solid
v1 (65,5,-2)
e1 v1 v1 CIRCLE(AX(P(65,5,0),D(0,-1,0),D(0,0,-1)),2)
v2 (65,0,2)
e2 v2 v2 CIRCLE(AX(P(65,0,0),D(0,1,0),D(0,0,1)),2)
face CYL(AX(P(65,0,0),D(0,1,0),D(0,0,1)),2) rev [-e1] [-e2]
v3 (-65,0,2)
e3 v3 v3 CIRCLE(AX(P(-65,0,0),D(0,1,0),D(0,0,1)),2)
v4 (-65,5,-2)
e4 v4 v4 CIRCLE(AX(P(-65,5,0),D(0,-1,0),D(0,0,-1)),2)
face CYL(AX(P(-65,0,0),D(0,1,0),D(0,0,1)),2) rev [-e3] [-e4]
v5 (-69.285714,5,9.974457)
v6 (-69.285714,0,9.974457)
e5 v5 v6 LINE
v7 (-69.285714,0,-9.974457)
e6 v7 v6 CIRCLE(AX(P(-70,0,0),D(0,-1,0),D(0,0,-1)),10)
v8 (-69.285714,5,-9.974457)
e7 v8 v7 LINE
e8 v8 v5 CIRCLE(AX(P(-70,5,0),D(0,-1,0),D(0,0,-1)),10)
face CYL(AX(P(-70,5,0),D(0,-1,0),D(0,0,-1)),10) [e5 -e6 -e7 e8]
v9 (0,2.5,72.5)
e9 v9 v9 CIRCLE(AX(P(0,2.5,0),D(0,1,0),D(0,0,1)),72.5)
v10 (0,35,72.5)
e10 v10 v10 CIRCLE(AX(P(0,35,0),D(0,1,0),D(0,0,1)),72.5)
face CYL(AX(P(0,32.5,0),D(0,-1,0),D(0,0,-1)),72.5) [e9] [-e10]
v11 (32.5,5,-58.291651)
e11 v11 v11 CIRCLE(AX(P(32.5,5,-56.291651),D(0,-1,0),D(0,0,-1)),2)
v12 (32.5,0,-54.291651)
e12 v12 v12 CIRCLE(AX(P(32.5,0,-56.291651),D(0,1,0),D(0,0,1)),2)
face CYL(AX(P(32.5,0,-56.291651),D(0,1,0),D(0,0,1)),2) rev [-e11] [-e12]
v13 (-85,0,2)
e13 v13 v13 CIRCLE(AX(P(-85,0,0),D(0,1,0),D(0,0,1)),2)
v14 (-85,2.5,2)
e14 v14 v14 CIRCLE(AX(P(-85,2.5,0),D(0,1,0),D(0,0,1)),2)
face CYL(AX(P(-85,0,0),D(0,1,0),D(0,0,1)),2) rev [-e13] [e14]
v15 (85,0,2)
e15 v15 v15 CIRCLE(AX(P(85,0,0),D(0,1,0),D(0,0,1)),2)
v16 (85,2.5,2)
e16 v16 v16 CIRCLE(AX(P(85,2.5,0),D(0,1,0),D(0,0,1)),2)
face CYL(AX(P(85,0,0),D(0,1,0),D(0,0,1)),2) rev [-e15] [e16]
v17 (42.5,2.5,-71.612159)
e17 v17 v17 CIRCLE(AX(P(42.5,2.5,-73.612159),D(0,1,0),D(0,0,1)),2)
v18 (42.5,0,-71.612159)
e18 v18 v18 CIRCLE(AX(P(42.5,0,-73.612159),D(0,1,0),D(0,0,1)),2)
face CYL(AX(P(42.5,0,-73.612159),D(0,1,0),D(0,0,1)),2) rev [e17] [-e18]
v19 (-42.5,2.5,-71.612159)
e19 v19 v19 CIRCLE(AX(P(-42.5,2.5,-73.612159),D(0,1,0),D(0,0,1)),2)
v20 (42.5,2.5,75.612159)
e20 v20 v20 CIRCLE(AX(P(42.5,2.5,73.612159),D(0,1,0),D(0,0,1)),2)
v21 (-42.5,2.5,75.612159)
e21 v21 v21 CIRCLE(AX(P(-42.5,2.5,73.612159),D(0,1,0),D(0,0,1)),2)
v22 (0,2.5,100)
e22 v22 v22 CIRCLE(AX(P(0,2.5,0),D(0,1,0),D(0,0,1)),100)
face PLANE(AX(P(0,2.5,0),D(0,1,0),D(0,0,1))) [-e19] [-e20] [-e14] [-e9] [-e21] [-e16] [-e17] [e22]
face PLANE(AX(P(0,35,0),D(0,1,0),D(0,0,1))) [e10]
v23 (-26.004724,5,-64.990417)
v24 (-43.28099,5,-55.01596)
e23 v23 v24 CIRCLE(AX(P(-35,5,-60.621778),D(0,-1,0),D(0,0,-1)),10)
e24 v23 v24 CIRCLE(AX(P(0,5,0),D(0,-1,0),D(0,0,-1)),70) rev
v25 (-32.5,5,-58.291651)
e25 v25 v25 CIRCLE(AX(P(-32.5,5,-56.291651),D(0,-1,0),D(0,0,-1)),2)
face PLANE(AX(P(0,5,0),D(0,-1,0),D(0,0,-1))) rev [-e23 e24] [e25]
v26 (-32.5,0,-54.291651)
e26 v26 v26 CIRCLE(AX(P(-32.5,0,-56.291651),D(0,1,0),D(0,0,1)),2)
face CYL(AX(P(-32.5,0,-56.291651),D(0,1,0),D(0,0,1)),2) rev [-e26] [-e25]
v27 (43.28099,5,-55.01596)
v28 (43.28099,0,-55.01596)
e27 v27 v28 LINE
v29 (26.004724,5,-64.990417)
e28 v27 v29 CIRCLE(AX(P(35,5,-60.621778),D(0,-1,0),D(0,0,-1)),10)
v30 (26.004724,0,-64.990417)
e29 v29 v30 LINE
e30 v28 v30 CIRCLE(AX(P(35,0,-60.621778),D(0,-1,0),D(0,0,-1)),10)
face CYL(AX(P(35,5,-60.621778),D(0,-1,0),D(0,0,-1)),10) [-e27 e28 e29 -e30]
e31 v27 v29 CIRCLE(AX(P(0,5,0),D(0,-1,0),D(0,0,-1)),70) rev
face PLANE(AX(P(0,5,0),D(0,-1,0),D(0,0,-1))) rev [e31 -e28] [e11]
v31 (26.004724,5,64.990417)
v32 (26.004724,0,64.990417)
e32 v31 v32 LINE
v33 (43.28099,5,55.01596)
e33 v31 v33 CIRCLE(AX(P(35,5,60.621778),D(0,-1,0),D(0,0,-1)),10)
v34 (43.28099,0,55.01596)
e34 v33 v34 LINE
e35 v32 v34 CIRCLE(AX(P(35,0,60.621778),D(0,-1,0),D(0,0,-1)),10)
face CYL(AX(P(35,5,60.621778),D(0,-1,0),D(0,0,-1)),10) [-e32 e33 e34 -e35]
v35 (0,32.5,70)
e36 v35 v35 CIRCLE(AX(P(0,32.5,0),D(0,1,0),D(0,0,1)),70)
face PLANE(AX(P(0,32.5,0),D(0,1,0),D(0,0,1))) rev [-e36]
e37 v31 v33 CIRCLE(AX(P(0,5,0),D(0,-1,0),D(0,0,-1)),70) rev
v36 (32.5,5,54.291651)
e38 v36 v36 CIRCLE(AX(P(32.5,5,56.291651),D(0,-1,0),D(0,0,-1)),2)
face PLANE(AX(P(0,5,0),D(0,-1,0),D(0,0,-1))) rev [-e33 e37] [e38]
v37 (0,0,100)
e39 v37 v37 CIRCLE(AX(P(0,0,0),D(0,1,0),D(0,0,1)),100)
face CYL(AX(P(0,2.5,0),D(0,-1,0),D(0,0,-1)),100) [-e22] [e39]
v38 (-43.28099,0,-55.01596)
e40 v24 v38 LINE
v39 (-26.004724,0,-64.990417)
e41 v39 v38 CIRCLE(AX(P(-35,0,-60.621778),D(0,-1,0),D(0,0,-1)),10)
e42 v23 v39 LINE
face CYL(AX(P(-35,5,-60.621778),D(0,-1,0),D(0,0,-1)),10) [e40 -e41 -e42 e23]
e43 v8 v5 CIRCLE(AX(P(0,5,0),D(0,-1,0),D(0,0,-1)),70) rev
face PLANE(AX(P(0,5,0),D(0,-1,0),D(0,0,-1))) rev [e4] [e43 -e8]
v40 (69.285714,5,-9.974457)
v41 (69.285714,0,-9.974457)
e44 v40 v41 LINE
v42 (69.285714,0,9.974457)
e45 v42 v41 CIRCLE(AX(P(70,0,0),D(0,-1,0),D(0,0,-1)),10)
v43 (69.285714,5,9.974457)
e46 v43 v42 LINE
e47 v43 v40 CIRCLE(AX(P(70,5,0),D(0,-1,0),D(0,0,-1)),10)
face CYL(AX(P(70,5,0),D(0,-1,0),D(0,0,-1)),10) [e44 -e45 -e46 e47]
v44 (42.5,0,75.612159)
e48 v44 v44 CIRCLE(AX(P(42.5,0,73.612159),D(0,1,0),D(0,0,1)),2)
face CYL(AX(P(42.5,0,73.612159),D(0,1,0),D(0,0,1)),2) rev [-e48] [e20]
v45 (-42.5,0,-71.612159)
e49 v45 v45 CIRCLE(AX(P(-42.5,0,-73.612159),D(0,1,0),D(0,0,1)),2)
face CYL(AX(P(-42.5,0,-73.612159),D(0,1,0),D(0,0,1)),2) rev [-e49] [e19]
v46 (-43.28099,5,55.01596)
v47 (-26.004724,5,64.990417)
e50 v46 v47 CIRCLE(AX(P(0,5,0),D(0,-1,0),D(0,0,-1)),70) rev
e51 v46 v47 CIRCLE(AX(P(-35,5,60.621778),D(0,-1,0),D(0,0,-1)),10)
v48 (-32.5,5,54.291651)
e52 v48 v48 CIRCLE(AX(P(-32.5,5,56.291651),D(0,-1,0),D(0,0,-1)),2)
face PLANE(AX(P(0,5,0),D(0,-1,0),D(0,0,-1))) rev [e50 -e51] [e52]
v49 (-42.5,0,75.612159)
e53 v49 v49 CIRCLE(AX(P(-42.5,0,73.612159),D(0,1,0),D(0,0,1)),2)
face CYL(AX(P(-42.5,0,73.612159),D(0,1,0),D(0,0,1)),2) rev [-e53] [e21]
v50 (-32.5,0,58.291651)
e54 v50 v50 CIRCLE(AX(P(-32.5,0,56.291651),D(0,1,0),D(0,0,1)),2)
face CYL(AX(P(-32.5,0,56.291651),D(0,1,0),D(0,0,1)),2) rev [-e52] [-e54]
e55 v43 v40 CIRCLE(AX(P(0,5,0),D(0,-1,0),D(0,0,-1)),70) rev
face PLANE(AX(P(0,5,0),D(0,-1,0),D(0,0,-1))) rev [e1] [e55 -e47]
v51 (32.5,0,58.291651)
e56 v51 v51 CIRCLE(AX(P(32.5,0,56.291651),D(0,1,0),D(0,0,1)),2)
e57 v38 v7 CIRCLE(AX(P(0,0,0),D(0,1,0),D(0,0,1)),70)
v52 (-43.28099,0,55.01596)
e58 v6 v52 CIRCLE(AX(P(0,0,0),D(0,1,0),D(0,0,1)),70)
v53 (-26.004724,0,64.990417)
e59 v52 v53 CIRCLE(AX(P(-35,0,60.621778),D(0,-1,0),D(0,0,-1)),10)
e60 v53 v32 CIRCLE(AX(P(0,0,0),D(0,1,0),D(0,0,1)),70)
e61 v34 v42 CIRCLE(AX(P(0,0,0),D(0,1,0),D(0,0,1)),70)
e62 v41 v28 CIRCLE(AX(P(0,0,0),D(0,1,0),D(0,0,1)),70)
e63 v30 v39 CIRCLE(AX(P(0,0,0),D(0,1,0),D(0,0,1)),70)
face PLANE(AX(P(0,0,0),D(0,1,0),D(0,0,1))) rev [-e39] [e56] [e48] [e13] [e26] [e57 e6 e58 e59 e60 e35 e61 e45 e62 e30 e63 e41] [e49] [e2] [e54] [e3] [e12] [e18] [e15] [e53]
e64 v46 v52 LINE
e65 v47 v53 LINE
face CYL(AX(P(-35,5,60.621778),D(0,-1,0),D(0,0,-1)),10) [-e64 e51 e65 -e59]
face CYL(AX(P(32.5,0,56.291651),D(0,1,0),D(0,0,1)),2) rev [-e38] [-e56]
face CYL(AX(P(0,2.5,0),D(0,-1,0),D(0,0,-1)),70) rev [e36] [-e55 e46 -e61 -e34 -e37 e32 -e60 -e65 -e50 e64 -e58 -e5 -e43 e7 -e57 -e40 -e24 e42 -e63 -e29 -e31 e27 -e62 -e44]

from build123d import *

# Parameters (mm, degrees)
SKETCH1_R               = 100
SKETCH1_R_2             = 70
BOSS_EXTRUDE1_DEPTH     = 2.5
SKETCH2_R               = 72.5
SKETCH2_R_2             = 70
BOSS_EXTRUDE2_DEPTH     = 30
SKETCH3_R               = 72.5
BOSS_EXTRUDE3_DEPTH     = 2.5
BOSS_EXTRUDE4_DEPTH     = 5
CUT_EXTRUDE1_DEPTH      = 5
CUT_EXTRUDE1_DEPTH_BACK = 146.107718609
SKETCH4_R               = 2


with BuildPart() as part:
    # Sketch1 → Boss-Extrude1 (new body)
    with BuildSketch(Plane(origin=(0, 0, 0), x_dir=(1, 0, 0), z_dir=(0, 1, 0))):
        with Locations(Location((0, 0, 0), (0, 0, 270))):
            Circle(SKETCH1_R)
        with Locations(Location((0, 0, 0), (0, 0, 270))):
            Circle(SKETCH1_R_2, mode=Mode.SUBTRACT)
    extrude(amount=BOSS_EXTRUDE1_DEPTH)

    # Sketch2 → Boss-Extrude2 (add)
    with BuildSketch(Plane(origin=(0, 2.5, 0), x_dir=(1, 0, 0), z_dir=(0, 1, 0))):
        with Locations(Location((0, 0, 0), (0, 0, 270))):
            Circle(SKETCH2_R)
        with Locations(Location((0, 0, 0), (0, 0, 270))):
            Circle(SKETCH2_R_2, mode=Mode.SUBTRACT)
    extrude(amount=BOSS_EXTRUDE2_DEPTH)

    # Sketch3 → Boss-Extrude3 (add)
    with BuildSketch(Plane(origin=(0, 32.5, 0), x_dir=(1, 0, 0), z_dir=(0, 1, 0))):
        with Locations(Location((0, 0, 0), (0, 0, 270))):
            Circle(SKETCH3_R)
    extrude(amount=BOSS_EXTRUDE3_DEPTH)

    # Sketch5 → Boss-Extrude4 (add)
    with BuildSketch(Plane.XZ):
        with BuildLine():
            ThreePointArc((69.285714286, -9.974457174), (69.821200219, -5), (70, 0))
            ThreePointArc((70, 0), (69.821200219, 5), (69.285714286, 9.974457174))
            ThreePointArc((69.285714286, 9.974457174), (60, 0), (69.285714286, -9.974457174))
        make_face()
        with BuildLine():
            ThreePointArc((26.004723841, 64.990417278), (30, 51.961524227), (43.280990445, 55.015960104))
            ThreePointArc((43.280990445, 55.015960104), (35, 60.621778265), (26.004723841, 64.990417278))
        make_face()
        with BuildLine():
            ThreePointArc((-43.280990445, 55.015960104), (-30, 51.961524227), (-26.004723841, 64.990417278))
            ThreePointArc((-26.004723841, 64.990417278), (-35, 60.621778265), (-43.280990445, 55.015960104))
        make_face()
        with BuildLine():
            ThreePointArc((-69.285714286, -9.974457174), (-60, 0), (-69.285714286, 9.974457174))
            ThreePointArc((-69.285714286, 9.974457174), (-70, 0), (-69.285714286, -9.974457174))
        make_face()
        with BuildLine():
            ThreePointArc((-43.280990445, -55.015960104), (-35, -60.621778265), (-26.004723841, -64.990417278))
            ThreePointArc((-26.004723841, -64.990417278), (-30, -51.961524227), (-43.280990445, -55.015960104))
        make_face()
        with BuildLine():
            ThreePointArc((26.004723841, -64.990417278), (35, -60.621778265), (43.280990445, -55.015960104))
            ThreePointArc((43.280990445, -55.015960104), (30, -51.961524227), (26.004723841, -64.990417278))
        make_face()
    extrude(amount=-BOSS_EXTRUDE4_DEPTH)

    # Sketch4 → Cut-Extrude1 (cut, two sides: drawn at the far end of the back side and taken through both)
    with BuildSketch(Plane(origin=(0, 2.5, 0), x_dir=(1, 0, 0), z_dir=(0, 1, 0)).offset(-CUT_EXTRUDE1_DEPTH_BACK)):
        with Locations(Location((85, 0, 0), (0, 0, 270))):
            Circle(SKETCH4_R)
        with Locations(Location((65, 0, 0), (0, 0, 270))):
            Circle(SKETCH4_R)
        with Locations(Location((32.5, -56.291651246, 0), (0, 0, 270))):
            Circle(SKETCH4_R)
        with Locations(Location((42.5, -73.612159322, 0), (0, 0, 270))):
            Circle(SKETCH4_R)
        with Locations(Location((-32.5, -56.291651246, 0), (0, 0, 270))):
            Circle(SKETCH4_R)
        with Locations(Location((-42.5, -73.612159322, 0), (0, 0, 270))):
            Circle(SKETCH4_R)
        with Locations(Location((-65, 0, 0), (0, 0, 270))):
            Circle(SKETCH4_R)
        with Locations(Location((-85, 0, 0), (0, 0, 270))):
            Circle(SKETCH4_R)
        with Locations(Location((-32.5, 56.291651246, 0), (0, 0, 270))):
            Circle(SKETCH4_R)
        with Locations(Location((-42.5, 73.612159322, 0), (0, 0, 270))):
            Circle(SKETCH4_R)
        with Locations(Location((32.5, 56.291651246, 0), (0, 0, 270))):
            Circle(SKETCH4_R)
        with Locations(Location((42.5, 73.612159322, 0), (0, 0, 270))):
            Circle(SKETCH4_R)
    extrude(amount=CUT_EXTRUDE1_DEPTH + CUT_EXTRUDE1_DEPTH_BACK, mode=Mode.SUBTRACT)


solid = part.part
